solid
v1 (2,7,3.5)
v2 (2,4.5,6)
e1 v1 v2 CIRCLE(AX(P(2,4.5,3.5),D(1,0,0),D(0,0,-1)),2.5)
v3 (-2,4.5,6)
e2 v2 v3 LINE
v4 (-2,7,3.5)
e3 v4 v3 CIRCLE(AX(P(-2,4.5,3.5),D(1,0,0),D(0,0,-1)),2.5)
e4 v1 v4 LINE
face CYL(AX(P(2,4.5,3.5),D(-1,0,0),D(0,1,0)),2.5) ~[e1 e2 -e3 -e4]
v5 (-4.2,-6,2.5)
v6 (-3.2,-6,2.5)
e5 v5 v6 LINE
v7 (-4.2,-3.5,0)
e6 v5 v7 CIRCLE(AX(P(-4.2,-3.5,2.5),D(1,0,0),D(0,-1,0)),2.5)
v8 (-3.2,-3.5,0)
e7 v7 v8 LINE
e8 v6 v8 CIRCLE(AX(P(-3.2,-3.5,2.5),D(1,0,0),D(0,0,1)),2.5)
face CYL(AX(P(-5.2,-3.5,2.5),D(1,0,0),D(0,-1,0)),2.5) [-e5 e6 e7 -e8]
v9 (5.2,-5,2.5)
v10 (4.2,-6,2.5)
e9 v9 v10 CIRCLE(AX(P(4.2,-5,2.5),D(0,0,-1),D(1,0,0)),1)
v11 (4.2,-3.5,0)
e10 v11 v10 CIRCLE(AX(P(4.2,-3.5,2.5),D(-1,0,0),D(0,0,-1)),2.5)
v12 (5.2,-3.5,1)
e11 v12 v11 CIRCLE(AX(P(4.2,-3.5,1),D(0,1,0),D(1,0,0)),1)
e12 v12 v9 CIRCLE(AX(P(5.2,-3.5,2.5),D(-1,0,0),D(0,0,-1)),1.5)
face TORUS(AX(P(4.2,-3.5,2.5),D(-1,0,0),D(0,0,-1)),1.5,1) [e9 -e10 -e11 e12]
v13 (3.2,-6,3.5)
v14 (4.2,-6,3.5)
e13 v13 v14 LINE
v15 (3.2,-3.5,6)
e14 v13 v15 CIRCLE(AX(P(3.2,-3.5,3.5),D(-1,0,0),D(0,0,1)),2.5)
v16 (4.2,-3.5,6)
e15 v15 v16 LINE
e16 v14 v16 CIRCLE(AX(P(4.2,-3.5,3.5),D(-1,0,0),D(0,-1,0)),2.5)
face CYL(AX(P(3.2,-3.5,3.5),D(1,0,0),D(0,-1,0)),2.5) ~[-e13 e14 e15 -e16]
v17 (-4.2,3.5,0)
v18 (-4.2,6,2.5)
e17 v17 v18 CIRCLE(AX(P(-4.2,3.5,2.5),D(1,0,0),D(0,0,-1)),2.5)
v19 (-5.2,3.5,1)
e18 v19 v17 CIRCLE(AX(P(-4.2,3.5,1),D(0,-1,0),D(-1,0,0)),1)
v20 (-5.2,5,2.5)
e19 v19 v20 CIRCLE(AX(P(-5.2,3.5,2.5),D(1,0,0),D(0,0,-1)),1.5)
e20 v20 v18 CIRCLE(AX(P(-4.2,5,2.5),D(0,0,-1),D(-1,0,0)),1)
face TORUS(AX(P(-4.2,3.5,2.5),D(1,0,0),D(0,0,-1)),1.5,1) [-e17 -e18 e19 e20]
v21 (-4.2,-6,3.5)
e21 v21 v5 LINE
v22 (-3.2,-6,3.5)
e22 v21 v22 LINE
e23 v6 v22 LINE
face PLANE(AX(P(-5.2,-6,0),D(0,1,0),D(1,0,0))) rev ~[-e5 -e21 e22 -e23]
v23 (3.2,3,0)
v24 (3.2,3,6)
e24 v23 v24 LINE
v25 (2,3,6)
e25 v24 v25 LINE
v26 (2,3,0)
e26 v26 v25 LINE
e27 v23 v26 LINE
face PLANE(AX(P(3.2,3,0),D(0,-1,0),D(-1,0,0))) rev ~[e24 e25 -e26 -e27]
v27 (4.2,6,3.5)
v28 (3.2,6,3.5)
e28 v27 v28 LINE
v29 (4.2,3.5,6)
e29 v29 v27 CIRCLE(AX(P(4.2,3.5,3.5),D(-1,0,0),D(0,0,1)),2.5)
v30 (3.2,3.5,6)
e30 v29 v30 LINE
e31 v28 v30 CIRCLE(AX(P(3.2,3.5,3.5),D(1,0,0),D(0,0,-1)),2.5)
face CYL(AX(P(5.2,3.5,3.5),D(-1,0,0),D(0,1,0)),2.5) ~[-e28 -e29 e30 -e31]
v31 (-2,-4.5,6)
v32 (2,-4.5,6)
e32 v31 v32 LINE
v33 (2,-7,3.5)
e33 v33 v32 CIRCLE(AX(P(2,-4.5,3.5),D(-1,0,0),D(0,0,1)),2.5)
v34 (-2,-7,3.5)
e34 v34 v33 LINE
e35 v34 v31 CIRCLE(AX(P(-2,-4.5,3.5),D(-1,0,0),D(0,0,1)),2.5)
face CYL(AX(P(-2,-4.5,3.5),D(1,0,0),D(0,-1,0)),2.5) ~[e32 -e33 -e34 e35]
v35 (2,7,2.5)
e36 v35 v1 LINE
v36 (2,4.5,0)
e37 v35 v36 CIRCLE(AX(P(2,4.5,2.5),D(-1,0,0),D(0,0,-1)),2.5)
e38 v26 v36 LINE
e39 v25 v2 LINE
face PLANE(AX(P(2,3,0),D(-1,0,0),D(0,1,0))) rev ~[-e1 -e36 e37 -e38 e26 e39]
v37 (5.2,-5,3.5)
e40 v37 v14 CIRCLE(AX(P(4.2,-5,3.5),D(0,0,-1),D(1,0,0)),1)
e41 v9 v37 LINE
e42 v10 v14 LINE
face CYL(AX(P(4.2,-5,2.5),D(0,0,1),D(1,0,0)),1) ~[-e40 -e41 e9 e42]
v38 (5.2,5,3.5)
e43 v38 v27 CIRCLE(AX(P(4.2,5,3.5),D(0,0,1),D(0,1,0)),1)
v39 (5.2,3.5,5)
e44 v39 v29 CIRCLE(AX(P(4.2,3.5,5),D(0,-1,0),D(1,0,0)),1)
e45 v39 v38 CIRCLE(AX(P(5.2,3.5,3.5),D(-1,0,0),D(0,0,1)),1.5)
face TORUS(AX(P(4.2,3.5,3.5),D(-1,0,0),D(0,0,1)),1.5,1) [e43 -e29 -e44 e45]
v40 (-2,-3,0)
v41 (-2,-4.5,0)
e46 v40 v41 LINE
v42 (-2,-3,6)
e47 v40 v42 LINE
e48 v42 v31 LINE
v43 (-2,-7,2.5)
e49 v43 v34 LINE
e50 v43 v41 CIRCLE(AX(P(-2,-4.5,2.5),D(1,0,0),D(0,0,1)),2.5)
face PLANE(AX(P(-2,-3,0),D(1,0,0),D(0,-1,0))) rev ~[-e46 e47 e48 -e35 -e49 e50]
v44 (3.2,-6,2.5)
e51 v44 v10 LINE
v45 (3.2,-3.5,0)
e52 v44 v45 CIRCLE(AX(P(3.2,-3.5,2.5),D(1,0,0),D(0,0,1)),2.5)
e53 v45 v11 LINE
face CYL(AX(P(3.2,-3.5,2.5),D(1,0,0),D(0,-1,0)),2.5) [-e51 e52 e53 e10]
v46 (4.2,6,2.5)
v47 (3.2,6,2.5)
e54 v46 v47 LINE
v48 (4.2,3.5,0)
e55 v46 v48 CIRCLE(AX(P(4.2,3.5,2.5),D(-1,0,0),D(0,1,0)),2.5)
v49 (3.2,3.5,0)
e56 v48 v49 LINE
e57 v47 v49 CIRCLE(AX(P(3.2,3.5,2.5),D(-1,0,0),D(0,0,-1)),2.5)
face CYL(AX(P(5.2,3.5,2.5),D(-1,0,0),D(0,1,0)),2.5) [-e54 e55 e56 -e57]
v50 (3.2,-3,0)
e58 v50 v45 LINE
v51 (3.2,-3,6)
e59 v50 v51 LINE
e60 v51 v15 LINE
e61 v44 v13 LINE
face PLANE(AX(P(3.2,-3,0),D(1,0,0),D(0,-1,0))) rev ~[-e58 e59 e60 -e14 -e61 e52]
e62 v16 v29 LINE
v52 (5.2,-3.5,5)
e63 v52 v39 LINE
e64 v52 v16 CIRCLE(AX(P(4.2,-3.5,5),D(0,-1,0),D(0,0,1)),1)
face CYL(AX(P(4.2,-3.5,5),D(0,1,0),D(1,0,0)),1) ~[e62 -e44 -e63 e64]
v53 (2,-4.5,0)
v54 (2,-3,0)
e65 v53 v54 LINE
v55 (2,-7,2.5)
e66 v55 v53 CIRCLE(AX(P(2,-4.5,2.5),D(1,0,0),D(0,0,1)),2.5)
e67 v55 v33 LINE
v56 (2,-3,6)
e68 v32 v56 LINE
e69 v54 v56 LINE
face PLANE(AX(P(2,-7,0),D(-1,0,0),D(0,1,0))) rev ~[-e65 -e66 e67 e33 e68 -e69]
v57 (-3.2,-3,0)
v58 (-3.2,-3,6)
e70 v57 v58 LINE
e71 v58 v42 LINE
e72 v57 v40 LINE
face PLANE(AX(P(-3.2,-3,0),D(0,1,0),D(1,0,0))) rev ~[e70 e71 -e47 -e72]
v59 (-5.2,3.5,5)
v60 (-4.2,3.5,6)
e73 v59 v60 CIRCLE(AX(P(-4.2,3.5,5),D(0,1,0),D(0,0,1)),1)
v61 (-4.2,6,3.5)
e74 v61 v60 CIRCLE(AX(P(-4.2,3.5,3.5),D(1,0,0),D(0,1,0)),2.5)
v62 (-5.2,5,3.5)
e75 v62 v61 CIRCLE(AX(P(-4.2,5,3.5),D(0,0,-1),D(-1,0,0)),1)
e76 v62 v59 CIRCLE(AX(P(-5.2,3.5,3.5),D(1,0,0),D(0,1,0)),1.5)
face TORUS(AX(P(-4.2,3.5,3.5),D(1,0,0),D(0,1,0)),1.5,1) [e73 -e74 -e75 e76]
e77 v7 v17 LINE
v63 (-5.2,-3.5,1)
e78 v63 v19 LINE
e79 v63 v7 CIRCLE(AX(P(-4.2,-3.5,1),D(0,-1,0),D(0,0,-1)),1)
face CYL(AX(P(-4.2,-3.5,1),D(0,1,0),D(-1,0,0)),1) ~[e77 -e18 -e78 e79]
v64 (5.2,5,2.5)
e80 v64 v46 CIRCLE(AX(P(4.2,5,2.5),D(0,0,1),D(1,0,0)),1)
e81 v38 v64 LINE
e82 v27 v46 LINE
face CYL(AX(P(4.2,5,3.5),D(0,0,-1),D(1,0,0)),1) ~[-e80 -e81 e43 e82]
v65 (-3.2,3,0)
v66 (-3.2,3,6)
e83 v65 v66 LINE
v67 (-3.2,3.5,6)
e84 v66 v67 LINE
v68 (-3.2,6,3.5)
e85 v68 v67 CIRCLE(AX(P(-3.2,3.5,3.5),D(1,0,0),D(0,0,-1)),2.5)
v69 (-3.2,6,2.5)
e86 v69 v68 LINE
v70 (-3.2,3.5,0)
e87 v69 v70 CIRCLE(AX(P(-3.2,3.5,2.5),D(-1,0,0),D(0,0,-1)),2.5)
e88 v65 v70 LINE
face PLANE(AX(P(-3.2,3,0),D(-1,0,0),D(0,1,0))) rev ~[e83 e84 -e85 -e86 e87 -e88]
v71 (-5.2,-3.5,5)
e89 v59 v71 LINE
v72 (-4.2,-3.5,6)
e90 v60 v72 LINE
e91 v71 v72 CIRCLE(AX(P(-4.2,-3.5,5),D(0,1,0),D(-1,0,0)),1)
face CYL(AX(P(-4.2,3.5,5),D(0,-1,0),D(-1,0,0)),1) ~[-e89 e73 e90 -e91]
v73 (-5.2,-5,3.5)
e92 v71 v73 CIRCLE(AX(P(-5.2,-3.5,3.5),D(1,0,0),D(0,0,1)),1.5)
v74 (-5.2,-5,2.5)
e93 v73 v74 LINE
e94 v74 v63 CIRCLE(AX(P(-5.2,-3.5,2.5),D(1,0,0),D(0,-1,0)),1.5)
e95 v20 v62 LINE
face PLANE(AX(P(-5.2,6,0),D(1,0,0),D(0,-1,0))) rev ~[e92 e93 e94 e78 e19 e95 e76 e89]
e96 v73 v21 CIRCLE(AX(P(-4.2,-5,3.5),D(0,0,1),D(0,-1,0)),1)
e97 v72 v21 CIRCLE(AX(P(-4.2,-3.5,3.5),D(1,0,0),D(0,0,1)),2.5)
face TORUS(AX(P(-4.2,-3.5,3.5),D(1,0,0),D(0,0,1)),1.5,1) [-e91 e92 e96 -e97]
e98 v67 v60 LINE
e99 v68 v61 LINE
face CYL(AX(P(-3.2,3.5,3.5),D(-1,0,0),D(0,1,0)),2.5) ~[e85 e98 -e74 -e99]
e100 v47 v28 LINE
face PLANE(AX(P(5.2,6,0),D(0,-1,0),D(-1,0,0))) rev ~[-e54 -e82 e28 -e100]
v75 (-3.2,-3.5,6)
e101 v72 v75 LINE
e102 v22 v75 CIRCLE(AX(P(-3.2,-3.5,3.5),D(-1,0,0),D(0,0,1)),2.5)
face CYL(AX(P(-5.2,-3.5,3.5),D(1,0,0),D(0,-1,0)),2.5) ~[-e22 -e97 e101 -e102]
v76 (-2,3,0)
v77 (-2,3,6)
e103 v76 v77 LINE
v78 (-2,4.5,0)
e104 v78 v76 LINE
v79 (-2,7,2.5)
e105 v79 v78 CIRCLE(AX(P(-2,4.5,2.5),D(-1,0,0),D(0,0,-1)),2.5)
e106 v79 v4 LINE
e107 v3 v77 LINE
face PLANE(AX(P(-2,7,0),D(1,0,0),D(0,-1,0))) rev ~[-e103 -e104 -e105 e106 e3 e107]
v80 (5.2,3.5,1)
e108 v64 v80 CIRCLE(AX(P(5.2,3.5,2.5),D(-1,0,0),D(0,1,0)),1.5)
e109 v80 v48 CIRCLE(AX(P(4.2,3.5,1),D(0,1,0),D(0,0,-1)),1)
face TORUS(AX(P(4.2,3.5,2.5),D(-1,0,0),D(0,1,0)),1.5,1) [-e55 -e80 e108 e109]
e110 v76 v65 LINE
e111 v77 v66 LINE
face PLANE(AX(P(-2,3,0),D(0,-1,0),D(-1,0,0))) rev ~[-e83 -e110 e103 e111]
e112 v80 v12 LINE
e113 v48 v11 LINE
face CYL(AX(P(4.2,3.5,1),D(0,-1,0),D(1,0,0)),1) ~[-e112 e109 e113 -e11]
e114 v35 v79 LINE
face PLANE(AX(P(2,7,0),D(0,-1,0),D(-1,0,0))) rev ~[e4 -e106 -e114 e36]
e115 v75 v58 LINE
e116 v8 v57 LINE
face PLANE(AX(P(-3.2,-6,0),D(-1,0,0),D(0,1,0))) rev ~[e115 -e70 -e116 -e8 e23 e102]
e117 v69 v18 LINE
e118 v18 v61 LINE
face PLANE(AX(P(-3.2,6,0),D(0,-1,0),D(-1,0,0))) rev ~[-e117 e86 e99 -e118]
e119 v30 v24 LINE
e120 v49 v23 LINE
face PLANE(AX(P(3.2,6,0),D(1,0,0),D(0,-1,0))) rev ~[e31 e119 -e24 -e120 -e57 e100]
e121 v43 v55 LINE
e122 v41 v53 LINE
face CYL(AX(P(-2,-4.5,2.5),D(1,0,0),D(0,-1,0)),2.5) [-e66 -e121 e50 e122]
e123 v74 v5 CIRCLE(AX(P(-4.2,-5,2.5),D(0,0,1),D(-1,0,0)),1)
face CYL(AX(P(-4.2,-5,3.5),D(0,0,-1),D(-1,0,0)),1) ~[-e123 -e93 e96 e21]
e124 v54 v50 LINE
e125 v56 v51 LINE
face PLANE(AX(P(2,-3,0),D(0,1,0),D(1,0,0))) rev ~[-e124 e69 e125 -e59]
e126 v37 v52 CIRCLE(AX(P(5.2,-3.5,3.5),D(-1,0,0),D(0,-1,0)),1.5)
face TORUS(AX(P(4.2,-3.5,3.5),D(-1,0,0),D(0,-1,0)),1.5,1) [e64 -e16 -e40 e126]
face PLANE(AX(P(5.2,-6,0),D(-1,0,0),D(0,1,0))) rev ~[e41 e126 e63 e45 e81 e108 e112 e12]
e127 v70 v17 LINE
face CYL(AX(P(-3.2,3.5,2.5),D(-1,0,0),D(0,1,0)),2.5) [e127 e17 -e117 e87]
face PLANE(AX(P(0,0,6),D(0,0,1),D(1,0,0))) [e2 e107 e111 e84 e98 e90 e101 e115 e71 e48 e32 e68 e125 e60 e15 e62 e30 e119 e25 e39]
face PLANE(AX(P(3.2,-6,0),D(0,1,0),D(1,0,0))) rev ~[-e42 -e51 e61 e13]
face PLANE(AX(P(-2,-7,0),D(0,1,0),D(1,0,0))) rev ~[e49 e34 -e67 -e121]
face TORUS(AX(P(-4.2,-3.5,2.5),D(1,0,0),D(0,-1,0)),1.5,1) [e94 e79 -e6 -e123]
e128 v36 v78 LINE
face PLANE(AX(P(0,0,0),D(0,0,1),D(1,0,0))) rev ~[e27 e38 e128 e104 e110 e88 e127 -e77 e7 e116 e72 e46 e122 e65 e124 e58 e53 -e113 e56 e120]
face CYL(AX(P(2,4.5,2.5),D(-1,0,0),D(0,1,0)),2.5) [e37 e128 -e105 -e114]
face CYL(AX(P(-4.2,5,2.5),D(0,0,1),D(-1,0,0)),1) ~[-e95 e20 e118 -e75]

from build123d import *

# Parameters (mm, degrees)
PAD_DEPTH   = 6
FILLET_R    = 2.5
FILLET001_R = 1


with BuildPart() as part:
    # Sketch → Pad (new body)
    with BuildSketch(Plane.XY):
        Polygon((0, 7), (-2, 7), (-2, 3), (-3.2, 3), (-3.2, 6), (-5.2, 6), (-5.2, 0), (-5.2, -6), (-3.2, -6), (-3.2, -3), (-2, -3), (-2, -7), (0, -7), (2, -7), (2, -3), (3.2, -3), (3.2, -6), (5.2, -6), (5.2, 0), (5.2, 6), (3.2, 6), (3.2, 3), (2, 3), (2, 7), align=None)
    extrude(amount=PAD_DEPTH)

    # Fillet
    fillet_edges = [part.edges().sort_by_distance(p)[0] for p in [
        (-4.2, 6, 6),
        (-4.2, 6, 0),
        (-4.2, -6, 0),
        (-4.2, -6, 6),
        (4.2, -6, 0),
        (4.2, -6, 6),
        (4.2, 6, 6),
        (4.2, 6, 0),
        (0, 7, 0),
        (0, -7, 0),
        (0, -7, 6),
        (0, 7, 6),
    ]]
    fillet(fillet_edges, radius=FILLET_R)

    # Fillet001
    fillet001_edges = [part.edges().sort_by_distance(p)[0] for p in [
        (-5.2, 6, 3),
        (-5.2, 5.267767, 0.732233),
        (-5.2, 5.267767, 5.267767),
        (-5.2, 0, 0),
        (-5.2, 0, 6),
        (-5.2, -5.267767, 0.732233),
        (-5.2, -5.267767, 5.267767),
        (-5.2, -6, 3),
        (5.2, -6, 3),
        (5.2, -5.267767, 0.732233),
        (5.2, -5.267767, 5.267767),
        (5.2, 0, 0),
        (5.2, 0, 6),
        (5.2, 5.267767, 0.732233),
        (5.2, 5.267767, 5.267767),
        (5.2, 6, 3),
    ]]
    fillet(fillet001_edges, radius=FILLET001_R)


solid = part.part
